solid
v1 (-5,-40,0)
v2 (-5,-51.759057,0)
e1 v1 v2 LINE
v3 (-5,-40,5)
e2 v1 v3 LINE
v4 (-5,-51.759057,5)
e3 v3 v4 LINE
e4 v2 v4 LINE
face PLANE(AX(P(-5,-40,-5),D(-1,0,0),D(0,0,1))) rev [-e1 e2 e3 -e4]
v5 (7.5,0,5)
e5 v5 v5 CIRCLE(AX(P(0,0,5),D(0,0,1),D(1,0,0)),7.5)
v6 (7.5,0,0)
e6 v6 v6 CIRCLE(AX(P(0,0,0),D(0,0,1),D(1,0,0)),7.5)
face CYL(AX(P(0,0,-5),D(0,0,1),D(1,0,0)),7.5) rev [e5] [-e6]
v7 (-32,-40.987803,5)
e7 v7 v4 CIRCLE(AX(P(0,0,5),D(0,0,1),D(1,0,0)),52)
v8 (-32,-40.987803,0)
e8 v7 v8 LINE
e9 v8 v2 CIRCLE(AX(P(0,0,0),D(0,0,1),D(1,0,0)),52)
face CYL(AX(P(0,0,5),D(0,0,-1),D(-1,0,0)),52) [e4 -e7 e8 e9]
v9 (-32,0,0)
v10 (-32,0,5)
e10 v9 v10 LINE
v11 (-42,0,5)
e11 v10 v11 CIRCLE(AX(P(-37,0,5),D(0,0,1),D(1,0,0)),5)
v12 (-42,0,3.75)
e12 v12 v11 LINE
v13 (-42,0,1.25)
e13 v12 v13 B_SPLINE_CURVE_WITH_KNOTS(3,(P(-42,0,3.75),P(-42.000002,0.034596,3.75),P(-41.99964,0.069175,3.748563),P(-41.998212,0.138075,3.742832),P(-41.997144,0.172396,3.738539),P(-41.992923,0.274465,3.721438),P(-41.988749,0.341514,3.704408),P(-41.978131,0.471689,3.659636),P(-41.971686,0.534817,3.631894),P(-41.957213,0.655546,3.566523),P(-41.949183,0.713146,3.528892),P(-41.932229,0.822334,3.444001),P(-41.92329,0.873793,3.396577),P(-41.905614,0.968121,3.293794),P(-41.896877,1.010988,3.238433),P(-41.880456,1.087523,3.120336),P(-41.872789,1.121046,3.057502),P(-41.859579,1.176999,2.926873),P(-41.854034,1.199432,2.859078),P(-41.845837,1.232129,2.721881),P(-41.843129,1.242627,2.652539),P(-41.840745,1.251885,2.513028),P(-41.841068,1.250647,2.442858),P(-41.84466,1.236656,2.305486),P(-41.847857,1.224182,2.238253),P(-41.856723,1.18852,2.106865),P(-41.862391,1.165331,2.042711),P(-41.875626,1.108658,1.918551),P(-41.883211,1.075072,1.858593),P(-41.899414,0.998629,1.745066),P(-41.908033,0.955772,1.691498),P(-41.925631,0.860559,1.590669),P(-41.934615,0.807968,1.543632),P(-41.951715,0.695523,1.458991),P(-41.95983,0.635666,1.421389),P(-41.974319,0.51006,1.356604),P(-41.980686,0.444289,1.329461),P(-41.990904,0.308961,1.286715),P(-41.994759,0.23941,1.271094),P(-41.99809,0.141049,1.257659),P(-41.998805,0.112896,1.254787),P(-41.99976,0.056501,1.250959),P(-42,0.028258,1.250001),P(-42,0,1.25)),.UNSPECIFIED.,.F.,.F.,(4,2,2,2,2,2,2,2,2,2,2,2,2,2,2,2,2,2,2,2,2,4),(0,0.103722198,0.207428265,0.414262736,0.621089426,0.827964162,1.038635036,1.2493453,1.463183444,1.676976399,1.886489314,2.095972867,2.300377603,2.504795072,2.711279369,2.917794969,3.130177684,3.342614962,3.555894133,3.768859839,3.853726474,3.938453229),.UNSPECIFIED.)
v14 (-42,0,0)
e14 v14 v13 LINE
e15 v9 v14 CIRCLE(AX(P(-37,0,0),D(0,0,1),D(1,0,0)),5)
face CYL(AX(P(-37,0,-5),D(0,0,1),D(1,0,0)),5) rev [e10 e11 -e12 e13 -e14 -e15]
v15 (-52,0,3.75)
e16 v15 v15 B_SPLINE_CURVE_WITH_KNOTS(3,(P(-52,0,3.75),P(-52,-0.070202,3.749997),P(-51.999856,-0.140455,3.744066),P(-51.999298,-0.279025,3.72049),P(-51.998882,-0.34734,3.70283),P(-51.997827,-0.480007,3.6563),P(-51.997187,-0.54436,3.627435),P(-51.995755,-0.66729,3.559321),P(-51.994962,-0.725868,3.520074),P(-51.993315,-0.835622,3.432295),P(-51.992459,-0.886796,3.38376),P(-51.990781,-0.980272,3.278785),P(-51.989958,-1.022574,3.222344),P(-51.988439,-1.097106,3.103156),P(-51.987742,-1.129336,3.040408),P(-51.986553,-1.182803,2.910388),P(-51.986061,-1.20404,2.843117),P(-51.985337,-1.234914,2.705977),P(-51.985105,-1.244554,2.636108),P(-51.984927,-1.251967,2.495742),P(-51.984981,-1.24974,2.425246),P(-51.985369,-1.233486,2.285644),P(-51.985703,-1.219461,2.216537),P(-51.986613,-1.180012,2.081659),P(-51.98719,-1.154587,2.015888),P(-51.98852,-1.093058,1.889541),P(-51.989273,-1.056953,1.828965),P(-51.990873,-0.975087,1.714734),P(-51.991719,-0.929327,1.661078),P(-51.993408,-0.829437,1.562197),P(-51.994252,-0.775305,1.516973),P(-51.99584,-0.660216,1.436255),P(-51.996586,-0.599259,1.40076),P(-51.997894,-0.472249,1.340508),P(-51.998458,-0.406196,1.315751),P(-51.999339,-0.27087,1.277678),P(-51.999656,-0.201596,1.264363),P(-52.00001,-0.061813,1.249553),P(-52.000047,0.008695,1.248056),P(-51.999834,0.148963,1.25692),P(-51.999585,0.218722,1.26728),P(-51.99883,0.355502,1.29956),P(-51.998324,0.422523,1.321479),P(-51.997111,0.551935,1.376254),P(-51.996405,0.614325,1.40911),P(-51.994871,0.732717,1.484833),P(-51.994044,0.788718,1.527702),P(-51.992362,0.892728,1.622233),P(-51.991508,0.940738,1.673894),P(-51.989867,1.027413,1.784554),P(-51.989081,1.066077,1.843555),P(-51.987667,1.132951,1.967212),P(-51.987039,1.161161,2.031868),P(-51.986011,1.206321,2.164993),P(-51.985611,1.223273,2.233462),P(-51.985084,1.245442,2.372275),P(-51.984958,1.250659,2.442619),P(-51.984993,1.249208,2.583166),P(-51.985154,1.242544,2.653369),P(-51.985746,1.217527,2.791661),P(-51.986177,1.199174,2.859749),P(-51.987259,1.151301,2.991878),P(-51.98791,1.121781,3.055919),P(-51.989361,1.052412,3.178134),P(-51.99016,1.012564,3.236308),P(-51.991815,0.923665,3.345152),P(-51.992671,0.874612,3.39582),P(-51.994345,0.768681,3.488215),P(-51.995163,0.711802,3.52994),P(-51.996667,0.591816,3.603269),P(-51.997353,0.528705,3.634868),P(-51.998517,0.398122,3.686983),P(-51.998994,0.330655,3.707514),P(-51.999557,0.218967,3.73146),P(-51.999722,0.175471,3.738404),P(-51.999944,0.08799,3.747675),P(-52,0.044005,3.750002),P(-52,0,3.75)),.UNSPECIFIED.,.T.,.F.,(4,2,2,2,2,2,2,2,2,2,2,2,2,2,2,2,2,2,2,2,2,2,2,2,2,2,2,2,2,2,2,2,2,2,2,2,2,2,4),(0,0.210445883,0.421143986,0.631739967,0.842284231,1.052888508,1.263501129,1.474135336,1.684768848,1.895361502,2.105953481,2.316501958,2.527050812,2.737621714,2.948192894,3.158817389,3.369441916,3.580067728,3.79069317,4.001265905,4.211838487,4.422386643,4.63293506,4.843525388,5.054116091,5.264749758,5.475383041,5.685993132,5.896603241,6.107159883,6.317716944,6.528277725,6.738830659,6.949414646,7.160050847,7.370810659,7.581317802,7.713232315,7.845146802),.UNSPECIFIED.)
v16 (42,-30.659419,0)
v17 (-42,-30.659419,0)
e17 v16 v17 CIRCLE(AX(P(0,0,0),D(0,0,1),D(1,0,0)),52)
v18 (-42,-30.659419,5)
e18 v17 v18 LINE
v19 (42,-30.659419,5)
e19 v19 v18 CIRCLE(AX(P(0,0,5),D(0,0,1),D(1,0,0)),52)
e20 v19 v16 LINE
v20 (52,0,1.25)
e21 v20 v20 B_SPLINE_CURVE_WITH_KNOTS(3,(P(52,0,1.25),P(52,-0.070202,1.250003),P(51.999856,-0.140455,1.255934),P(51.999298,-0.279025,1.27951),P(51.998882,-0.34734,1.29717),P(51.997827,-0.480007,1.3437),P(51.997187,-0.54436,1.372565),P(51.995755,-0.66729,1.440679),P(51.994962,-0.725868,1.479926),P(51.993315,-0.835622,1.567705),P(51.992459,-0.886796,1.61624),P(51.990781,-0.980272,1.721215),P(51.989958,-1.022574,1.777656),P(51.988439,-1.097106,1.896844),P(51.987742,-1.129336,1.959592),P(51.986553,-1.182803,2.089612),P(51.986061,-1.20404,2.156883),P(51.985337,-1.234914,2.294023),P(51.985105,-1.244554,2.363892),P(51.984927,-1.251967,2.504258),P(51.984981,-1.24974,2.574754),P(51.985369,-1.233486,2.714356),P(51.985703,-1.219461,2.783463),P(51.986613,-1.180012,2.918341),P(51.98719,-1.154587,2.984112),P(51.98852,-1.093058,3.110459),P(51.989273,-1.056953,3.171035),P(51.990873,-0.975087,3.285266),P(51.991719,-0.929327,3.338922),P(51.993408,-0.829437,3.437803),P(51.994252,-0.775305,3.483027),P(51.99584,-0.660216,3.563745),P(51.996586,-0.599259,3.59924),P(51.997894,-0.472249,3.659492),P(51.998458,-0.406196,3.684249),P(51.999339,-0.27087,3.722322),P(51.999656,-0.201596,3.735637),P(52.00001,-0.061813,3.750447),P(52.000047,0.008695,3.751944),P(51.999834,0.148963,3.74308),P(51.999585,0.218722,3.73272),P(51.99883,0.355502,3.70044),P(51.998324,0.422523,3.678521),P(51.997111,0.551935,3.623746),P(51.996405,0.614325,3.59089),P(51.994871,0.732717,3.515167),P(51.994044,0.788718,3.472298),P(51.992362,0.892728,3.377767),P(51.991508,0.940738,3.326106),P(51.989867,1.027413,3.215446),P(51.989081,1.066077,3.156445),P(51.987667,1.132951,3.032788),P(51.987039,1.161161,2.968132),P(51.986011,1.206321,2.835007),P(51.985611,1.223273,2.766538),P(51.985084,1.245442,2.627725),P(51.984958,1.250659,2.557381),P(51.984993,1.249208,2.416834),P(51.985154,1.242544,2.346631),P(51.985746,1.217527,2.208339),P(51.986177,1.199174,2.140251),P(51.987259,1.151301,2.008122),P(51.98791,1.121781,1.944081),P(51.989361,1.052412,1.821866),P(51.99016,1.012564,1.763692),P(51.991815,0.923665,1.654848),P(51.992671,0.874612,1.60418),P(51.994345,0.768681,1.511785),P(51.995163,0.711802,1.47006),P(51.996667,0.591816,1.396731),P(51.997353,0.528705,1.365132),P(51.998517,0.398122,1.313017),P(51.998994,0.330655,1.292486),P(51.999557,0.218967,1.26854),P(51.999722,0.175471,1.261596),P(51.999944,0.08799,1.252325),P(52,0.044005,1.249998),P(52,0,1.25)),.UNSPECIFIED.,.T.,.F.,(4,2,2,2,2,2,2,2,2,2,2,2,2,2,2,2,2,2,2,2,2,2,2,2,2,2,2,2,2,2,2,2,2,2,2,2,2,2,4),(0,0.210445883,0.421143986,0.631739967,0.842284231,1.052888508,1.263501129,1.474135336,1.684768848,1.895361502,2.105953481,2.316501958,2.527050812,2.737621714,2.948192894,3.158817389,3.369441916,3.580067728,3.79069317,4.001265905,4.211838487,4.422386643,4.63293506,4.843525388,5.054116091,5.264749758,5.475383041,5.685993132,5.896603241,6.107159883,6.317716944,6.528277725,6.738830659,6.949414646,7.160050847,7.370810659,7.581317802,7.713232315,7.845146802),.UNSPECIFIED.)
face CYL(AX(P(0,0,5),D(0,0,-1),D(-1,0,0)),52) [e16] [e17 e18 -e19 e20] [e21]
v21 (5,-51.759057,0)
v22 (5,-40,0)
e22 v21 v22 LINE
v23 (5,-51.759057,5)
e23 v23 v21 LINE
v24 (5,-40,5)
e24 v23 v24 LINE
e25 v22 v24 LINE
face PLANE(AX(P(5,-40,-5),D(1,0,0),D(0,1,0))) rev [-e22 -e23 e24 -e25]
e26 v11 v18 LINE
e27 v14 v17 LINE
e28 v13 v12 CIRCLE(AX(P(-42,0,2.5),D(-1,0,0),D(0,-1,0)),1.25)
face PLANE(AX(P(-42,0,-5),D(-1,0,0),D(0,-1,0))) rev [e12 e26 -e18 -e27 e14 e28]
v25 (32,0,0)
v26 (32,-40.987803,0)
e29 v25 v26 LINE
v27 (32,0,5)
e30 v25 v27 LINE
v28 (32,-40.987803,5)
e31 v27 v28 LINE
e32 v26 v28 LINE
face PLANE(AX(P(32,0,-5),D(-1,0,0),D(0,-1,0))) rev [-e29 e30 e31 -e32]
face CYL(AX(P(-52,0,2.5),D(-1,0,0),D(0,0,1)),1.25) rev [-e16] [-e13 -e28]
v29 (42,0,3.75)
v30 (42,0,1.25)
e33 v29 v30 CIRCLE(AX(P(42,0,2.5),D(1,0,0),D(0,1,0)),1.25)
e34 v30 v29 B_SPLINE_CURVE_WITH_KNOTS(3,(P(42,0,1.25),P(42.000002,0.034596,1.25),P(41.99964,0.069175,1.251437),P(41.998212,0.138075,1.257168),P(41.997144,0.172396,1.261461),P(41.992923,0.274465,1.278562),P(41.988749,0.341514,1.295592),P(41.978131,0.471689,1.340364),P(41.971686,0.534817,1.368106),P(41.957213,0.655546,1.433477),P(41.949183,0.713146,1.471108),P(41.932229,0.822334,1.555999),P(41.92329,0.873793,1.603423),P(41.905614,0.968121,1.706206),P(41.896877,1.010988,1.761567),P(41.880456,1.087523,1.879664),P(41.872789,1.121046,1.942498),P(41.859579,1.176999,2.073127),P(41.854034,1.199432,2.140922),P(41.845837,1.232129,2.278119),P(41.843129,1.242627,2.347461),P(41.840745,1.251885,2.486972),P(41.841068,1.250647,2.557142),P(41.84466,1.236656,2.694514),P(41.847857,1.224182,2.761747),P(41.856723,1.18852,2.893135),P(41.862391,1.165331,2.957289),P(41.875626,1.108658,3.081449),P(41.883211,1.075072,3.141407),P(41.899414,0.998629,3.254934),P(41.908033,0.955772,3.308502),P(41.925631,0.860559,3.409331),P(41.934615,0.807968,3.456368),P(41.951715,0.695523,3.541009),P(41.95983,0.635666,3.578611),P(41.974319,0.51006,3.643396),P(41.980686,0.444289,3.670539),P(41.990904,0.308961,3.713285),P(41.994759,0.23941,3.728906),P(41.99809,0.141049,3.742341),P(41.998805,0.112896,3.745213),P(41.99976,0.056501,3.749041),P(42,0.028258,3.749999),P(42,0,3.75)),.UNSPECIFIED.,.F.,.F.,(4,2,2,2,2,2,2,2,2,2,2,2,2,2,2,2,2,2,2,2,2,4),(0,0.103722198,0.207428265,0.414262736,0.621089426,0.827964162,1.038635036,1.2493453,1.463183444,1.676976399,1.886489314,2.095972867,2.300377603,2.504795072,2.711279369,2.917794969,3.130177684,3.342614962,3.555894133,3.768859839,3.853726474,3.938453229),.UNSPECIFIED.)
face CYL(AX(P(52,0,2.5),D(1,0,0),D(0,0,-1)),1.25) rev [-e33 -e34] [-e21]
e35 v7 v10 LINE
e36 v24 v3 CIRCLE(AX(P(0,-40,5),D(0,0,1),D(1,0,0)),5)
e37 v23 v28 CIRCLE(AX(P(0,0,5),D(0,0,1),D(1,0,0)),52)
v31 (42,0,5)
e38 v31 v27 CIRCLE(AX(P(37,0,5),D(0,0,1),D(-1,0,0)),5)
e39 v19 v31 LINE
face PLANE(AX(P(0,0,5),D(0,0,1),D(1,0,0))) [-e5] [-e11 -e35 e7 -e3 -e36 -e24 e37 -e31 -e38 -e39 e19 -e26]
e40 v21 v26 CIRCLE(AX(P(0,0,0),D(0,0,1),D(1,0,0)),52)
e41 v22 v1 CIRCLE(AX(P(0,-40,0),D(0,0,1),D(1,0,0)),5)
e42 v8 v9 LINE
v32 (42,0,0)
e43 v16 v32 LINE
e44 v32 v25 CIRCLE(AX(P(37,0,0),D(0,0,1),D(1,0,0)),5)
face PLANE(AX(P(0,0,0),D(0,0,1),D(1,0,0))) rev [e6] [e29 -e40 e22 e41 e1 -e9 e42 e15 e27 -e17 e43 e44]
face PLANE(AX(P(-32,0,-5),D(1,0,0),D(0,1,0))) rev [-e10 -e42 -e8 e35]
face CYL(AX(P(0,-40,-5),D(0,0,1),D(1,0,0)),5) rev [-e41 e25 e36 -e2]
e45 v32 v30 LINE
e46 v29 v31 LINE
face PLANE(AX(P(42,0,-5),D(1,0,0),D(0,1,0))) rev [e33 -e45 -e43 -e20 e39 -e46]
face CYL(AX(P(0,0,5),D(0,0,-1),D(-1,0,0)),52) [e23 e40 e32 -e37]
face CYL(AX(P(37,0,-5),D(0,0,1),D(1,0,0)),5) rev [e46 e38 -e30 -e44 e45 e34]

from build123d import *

# Parameters (mm, degrees)
SKETCH1_R              = 52
BOSS_EXTRUDE1_DEPTH    = 5
CUT_EXTRUDE1_DEPTH     = 10
SKETCH3_R              = 7.5
CUT_EXTRUDE2_DEPTH     = 10
M3_TAPPED_HOLE3_REACH  = 118.383
M3_TAPPED_HOLE3_BORE_R = 1.25


with BuildPart() as part:
    # Sketch1 → Boss-Extrude1 (new body)
    with BuildSketch(Plane.XY):
        Circle(SKETCH1_R)
    extrude(amount=BOSS_EXTRUDE1_DEPTH)

    # Sketch2 → Cut-Extrude1 (cut)
    with BuildSketch(Plane.XY.offset(5)):
        with BuildLine():
            Line((32, 0), (32, -45))
            Line((32, -45), (42, -45))
            Line((42, -45), (42, 3.54e-07))
            ThreePointArc((42, 3.54e-07), (36.999999823, 5), (32, 0))
        make_face()
        with BuildLine():
            Line((-5, -39.999999646), (-5, -55))
            Line((-5, -55), (5, -55))
            Line((5, -55), (5, -40))
            ThreePointArc((5, -40), (1.77e-07, -35), (-5, -39.999999646))
        make_face()
        with BuildLine():
            Line((-32, -45), (-42, -45))
            Line((-42, -45), (-42, 3.54e-07))
            ThreePointArc((-42, 3.54e-07), (-36.999999823, 5), (-32, 0))
            Line((-32, 0), (-32, -45))
        make_face()
    extrude(amount=-CUT_EXTRUDE1_DEPTH, mode=Mode.SUBTRACT)

    # Sketch3 → Cut-Extrude2 (cut)
    with BuildSketch(Plane.XY.offset(5)):
        Circle(SKETCH3_R)
    extrude(amount=-CUT_EXTRUDE2_DEPTH, mode=Mode.SUBTRACT)

    # M3 Tapped Hole3 bore → M3 Tapped Hole3 (cut, up to next)
    with BuildSketch(Plane(origin=(52, 0, 0), x_dir=(0, 0, -1), z_dir=(1, 0, 0)), mode=Mode.PRIVATE) as m3_tapped_hole3_sk1:
        with Locations((-2.5, 1.82e-07)):
            Circle(M3_TAPPED_HOLE3_BORE_R)
    m3_tapped_hole3_tool1 = extrude(m3_tapped_hole3_sk1.sketch, amount=-M3_TAPPED_HOLE3_REACH, mode=Mode.PRIVATE) & part.part
    m3_tapped_hole3 = m3_tapped_hole3_tool1.solids().sort_by_distance((52, 0, 2.5))[0]
    add(m3_tapped_hole3, mode=Mode.SUBTRACT)

    # Mirror1: M3 Tapped Hole3 across plane
    add(m3_tapped_hole3.mirror(Plane(origin=(0, 0, 0), x_dir=(0, 0, 1), z_dir=(1, 0, 0))), mode=Mode.SUBTRACT)


solid = part.part
